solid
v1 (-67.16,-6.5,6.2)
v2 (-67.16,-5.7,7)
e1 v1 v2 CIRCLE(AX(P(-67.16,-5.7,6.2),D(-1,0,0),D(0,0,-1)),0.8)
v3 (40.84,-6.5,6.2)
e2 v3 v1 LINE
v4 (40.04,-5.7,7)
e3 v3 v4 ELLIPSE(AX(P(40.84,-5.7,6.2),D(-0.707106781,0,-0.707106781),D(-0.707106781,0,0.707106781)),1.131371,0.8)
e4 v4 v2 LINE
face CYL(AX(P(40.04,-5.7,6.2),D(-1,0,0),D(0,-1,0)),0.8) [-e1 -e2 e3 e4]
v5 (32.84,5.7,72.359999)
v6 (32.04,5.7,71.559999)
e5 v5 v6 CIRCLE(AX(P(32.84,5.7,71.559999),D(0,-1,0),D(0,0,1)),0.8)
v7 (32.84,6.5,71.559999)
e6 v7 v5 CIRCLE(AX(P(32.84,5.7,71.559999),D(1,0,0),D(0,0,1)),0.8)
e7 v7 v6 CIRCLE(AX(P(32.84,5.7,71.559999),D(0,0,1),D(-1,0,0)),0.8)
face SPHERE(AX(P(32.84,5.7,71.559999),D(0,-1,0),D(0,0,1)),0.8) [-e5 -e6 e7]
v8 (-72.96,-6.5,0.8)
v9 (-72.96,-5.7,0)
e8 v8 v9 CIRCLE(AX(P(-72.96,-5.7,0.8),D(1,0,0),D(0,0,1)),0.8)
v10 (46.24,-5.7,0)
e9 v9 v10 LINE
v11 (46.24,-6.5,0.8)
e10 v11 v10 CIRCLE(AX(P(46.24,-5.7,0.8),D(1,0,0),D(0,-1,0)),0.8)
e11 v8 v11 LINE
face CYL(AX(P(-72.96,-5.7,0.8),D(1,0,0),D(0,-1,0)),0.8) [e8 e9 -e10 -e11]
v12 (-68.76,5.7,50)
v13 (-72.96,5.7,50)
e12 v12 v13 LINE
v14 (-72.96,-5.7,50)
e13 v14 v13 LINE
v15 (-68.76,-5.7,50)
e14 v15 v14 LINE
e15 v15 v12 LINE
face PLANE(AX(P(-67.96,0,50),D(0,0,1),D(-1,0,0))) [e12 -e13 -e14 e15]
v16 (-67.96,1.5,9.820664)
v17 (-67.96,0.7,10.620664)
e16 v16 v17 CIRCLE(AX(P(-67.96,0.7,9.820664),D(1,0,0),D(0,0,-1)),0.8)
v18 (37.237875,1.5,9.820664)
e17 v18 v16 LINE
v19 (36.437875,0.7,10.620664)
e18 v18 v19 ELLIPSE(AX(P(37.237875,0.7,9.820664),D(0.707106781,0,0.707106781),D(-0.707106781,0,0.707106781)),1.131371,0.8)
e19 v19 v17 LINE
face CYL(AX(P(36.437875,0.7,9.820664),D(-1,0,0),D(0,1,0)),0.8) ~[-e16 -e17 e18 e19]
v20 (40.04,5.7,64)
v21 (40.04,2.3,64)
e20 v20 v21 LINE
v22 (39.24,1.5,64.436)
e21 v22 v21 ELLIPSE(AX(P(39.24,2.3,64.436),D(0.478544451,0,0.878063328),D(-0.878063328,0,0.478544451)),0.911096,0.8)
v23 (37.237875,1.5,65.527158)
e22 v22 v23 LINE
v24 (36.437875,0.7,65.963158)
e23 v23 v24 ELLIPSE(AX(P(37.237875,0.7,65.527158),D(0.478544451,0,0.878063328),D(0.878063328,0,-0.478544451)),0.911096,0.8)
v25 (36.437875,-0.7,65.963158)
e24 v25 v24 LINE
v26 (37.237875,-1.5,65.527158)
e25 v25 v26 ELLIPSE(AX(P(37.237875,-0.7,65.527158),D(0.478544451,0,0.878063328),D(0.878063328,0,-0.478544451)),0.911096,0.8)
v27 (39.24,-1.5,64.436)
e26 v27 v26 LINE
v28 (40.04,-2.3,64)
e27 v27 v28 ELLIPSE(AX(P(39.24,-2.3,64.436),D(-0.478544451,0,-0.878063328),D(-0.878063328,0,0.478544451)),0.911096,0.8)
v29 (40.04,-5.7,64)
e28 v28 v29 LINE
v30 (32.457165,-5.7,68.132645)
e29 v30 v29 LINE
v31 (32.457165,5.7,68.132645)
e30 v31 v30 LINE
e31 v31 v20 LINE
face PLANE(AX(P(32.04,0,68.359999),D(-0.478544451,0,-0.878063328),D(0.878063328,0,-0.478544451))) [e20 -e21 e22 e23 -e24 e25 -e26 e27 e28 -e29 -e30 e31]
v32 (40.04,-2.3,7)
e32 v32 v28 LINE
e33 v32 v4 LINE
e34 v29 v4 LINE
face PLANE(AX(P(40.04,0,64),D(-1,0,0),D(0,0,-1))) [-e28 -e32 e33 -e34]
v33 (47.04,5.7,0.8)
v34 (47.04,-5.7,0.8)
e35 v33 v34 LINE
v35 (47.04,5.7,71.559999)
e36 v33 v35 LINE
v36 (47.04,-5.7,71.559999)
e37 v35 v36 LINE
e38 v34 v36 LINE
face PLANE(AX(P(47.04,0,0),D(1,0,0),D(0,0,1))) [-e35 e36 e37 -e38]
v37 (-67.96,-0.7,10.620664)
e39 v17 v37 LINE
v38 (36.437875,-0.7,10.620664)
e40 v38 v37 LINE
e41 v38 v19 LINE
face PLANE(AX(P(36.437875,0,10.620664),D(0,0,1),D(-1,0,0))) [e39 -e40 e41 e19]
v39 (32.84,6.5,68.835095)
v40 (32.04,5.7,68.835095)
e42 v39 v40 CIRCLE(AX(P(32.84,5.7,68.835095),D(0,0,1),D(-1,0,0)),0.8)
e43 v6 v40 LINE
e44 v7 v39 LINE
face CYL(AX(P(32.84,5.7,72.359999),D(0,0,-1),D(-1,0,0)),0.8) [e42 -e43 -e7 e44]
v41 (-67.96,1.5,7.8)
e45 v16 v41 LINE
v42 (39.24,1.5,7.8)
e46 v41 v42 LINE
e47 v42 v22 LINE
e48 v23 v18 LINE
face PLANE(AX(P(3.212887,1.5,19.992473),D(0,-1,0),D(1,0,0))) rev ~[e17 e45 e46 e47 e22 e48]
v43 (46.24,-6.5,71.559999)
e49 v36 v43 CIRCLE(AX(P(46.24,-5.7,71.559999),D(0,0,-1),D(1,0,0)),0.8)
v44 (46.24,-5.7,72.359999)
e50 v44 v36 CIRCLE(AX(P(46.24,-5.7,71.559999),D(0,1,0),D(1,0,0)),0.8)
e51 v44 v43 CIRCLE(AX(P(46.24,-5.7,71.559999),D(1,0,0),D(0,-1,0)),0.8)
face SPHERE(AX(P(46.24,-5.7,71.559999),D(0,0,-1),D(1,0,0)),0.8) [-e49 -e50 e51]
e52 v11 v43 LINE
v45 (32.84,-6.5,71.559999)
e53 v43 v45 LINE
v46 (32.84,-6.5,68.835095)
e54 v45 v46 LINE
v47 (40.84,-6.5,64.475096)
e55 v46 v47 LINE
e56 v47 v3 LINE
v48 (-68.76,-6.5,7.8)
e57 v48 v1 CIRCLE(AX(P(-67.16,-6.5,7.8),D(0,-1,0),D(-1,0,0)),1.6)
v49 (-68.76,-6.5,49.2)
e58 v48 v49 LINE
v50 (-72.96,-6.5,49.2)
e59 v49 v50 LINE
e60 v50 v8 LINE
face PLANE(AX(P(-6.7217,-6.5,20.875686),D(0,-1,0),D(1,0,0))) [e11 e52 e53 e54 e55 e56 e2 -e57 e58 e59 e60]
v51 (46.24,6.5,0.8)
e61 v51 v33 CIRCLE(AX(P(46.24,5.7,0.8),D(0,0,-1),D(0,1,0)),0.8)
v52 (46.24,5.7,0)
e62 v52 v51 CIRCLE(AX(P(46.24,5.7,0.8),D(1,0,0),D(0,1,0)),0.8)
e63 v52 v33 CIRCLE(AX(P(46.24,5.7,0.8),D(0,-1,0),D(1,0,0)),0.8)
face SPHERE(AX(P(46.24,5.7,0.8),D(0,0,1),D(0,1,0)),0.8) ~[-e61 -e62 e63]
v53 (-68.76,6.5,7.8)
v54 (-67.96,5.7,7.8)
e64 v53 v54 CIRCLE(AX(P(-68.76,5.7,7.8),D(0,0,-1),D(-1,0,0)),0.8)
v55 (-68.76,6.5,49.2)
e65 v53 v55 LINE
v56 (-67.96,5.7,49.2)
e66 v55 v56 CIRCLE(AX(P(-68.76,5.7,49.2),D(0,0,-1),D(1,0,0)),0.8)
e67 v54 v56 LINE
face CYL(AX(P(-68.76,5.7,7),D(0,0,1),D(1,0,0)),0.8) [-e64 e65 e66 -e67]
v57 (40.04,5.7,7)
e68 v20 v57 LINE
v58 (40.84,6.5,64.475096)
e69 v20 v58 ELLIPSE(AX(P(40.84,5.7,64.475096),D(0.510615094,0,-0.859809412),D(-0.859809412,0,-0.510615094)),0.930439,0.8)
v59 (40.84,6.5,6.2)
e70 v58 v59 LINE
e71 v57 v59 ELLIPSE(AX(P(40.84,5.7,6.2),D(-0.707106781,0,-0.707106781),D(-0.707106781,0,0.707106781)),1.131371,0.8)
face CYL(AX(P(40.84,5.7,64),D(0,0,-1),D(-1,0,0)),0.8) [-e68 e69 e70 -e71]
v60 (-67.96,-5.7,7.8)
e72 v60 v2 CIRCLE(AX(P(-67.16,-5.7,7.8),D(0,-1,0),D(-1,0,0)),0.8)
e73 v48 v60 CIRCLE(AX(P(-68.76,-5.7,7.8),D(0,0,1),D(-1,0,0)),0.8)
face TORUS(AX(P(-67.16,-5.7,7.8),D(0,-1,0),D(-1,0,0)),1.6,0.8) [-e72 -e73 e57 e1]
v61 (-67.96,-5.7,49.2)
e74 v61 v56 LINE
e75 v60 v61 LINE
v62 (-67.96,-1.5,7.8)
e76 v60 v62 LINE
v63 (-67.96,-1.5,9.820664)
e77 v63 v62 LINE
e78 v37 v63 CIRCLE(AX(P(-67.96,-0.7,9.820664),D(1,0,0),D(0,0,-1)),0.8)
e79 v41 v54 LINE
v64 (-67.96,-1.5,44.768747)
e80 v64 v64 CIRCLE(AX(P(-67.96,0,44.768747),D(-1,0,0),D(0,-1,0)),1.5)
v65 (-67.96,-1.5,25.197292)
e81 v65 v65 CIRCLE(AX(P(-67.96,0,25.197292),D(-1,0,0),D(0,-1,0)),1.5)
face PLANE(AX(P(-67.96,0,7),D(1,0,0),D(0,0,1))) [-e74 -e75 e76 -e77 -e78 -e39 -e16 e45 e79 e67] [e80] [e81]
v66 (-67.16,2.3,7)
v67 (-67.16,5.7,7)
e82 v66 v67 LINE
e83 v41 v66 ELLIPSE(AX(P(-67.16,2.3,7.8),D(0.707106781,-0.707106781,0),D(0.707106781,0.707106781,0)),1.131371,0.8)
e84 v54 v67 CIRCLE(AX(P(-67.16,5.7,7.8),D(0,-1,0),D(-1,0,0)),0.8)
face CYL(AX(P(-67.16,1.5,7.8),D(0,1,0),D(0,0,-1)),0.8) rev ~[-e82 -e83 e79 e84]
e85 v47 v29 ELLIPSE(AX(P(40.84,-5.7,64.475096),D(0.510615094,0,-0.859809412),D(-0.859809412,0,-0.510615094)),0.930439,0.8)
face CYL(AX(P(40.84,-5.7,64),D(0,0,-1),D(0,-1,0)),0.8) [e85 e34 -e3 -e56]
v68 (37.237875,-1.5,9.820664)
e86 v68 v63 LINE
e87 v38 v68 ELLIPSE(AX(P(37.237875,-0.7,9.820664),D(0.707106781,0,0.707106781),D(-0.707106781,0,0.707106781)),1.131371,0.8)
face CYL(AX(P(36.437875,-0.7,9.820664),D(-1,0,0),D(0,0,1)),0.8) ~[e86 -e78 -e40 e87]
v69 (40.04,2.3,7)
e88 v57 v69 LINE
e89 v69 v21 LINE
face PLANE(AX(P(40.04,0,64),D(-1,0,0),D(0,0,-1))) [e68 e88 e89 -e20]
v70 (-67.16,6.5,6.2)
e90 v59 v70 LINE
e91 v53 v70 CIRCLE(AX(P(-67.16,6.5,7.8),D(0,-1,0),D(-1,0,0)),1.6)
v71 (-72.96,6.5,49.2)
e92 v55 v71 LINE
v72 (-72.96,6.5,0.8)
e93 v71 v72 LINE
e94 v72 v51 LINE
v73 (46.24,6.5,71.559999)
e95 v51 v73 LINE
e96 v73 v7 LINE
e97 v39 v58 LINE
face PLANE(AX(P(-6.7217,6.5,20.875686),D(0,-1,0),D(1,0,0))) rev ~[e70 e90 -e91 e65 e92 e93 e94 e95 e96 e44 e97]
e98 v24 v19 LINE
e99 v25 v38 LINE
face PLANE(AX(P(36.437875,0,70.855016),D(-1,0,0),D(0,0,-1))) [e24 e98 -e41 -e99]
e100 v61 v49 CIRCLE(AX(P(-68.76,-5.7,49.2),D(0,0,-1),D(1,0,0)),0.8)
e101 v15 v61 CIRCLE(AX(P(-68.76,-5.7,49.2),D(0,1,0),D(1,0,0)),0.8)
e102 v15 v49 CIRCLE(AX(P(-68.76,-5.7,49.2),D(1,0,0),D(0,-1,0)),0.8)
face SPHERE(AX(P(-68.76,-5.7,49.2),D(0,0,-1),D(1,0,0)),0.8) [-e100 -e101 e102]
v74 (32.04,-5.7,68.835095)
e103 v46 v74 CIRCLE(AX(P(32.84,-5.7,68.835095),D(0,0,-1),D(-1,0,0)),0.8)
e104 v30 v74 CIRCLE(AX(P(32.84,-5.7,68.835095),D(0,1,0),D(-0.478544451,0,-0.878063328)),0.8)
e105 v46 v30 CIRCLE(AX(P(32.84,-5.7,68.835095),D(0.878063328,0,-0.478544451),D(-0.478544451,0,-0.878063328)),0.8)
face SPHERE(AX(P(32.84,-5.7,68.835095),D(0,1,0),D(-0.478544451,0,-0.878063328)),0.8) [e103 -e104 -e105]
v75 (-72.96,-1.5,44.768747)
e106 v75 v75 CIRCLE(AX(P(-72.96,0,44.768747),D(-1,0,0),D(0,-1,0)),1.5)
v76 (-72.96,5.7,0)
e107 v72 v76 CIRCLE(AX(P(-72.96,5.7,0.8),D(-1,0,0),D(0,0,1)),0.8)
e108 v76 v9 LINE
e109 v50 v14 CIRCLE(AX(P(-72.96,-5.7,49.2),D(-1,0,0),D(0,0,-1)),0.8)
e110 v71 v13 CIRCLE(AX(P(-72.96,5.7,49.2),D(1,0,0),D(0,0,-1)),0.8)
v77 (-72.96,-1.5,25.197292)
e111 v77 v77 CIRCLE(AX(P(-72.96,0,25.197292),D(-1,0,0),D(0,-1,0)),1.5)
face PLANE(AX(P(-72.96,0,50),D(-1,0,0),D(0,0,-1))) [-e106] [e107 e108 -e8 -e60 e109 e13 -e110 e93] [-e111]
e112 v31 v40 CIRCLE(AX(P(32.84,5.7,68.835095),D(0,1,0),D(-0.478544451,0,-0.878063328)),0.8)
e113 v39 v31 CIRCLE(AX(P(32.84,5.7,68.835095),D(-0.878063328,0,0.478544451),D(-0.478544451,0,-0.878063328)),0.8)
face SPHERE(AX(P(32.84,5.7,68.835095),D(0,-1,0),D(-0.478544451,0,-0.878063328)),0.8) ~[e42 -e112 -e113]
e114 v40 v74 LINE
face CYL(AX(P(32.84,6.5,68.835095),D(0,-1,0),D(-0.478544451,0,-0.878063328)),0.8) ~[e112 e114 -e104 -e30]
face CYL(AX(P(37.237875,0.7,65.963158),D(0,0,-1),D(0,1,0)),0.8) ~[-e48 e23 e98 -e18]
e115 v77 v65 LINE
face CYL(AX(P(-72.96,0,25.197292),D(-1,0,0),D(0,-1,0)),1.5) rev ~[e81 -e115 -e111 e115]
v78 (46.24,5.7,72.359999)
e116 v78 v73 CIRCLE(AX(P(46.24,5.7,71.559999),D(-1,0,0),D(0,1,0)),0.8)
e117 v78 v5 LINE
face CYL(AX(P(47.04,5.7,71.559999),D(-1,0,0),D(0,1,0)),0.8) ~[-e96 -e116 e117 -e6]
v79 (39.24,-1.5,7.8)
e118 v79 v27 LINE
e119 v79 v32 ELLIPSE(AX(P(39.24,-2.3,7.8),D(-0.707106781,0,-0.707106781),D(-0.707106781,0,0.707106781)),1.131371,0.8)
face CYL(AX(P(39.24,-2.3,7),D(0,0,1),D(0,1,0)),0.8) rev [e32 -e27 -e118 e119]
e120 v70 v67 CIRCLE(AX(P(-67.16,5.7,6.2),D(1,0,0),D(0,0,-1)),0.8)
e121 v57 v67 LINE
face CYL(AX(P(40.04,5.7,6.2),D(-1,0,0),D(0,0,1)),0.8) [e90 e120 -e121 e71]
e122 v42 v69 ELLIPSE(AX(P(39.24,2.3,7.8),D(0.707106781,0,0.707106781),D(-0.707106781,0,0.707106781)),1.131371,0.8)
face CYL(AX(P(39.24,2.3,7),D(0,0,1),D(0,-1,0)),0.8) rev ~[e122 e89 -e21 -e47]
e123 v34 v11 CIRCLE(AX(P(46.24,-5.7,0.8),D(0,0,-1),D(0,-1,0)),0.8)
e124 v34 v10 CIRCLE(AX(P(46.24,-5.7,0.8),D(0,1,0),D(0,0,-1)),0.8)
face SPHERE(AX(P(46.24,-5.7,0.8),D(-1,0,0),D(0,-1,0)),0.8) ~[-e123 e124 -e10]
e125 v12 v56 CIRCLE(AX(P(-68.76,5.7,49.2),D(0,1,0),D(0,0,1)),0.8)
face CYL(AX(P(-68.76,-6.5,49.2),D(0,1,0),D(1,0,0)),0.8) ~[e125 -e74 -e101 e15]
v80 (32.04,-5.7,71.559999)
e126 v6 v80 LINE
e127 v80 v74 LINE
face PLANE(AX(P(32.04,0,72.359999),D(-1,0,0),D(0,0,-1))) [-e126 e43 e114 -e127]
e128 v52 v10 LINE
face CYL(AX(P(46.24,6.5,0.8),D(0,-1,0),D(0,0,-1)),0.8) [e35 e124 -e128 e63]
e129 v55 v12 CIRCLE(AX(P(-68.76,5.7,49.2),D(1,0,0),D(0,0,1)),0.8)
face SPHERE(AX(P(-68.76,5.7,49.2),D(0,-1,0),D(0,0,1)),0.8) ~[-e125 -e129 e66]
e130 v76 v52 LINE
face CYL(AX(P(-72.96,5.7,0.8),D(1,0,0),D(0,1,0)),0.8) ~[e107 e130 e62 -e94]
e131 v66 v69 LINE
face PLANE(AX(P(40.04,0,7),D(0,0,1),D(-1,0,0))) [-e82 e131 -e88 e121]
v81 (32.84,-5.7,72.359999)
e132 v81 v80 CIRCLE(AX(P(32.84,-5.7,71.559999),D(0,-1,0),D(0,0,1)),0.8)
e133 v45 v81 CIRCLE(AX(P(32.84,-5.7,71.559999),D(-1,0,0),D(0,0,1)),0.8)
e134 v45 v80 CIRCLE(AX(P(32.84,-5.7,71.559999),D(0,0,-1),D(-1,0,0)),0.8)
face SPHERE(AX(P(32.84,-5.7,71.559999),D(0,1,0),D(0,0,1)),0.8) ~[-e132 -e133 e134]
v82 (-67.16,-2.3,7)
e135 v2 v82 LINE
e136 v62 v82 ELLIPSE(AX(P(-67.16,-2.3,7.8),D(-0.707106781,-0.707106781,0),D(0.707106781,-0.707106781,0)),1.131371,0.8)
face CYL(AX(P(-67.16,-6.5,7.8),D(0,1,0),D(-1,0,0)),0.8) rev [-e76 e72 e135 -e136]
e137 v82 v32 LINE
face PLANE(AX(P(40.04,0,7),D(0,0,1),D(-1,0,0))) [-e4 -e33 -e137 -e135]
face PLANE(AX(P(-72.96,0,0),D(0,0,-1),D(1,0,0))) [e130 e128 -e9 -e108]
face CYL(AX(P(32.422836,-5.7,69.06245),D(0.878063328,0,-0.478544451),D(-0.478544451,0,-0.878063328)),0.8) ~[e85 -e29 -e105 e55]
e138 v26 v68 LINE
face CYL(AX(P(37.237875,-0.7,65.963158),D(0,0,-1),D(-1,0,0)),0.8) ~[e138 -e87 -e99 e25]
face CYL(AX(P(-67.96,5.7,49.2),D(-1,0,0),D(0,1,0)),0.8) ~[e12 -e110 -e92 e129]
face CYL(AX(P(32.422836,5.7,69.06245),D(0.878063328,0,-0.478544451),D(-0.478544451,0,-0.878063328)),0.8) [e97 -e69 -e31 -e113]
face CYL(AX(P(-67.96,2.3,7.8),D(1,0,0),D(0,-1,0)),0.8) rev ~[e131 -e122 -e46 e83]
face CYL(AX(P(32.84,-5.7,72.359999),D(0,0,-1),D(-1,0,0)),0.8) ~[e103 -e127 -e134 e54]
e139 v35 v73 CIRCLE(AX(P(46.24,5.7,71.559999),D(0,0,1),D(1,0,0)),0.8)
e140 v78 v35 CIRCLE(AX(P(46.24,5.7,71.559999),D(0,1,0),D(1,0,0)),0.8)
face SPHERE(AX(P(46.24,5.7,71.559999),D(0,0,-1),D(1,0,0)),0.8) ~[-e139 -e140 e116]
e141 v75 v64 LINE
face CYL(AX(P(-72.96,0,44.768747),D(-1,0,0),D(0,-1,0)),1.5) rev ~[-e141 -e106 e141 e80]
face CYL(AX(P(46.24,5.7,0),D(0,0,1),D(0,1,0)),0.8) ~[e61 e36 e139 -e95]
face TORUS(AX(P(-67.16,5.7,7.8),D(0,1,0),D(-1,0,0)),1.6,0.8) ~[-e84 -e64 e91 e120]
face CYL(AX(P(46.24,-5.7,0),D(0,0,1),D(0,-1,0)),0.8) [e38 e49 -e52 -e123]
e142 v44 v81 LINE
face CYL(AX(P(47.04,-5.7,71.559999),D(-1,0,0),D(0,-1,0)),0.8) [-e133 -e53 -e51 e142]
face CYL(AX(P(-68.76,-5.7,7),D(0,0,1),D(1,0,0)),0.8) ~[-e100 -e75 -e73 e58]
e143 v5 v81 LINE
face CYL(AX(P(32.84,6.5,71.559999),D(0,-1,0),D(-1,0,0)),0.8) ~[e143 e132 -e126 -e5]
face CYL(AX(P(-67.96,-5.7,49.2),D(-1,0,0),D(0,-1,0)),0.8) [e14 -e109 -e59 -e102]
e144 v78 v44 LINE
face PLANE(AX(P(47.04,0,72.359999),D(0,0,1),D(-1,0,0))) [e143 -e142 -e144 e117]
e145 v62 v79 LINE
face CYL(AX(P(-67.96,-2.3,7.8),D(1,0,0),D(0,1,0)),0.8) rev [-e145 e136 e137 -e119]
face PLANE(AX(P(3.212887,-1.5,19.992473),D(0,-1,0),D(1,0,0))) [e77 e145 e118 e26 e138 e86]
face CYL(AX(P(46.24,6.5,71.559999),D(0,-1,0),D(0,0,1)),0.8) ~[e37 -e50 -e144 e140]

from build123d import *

# Parameters (mm, degrees)
F1_DEPTH = 6.5
F2_R     = 1.5
F3_DEPTH = 25
F5_DEPTH = 1.5
F6_R     = 0.8


with BuildPart() as f1:
    # F0 (on Front) → F1 (new body, symmetric)
    with BuildSketch(Plane.XZ):
        Polygon((-72.959999821, 50), (-72.959999821, 0), (47.040000179, 0), (47.040000179, 72.3599994255), (32.040000179, 72.3599994255), (32.040000179, 68.3599994255), (40.040000179, 64), (40.040000179, 7), (-67.959999821, 7), (-67.959999821, 50), align=None)
    extrude(amount=F1_DEPTH, both=True)

    # F2 (on face) → F3 (cut)
    with BuildSketch(Plane(origin=(-72.959999821, 0, 0), x_dir=(0, -1, 0), z_dir=(-1, 0, 0))):
        with Locations((0, 25.1972917467)):
            Circle(F2_R)
        with Locations((0, 44.7687469423)):
            Circle(F2_R)
    extrude(amount=-F3_DEPTH, mode=Mode.SUBTRACT)

    # F4 (on Front) → F5 (join, symmetric)
    with BuildSketch(Plane.XZ):
        Polygon((-71.5028345585, 10.6206643313), (-71.5028345585, 7.5510139577), (-71.5028345585, 5.6206643313), (41.4378745708, 5.6206643313), (41.4378745708, 70.8550155432), (36.4378745708, 70.8550155432), (36.4378745708, 10.6206643313), align=None)
    extrude(amount=F5_DEPTH, both=True)

    # F6
    f6_edges = [f1.edges().sort_by_distance(p)[0] for p in [
        (-67.96, -6.5, 28.5),
        (-67.96, 0, 50),
        (-70.46, 6.5, 50),
        (-70.46, -6.5, 50),
        (-67.96, 6.5, 28.5),
        (-13.96, 6.5, 7),
        (-15.761063, 1.5, 10.620664),
        (-15.761063, -1.5, 10.620664),
        (-13.96, -6.5, 7),
        (40.04, -6.5, 35.5),
        (36.437875, -1.5, 38.291911),
        (36.437875, 1.5, 38.291911),
        (40.04, 6.5, 35.5),
        (47.04, 6.5, 36.18),
        (-12.96, 6.5, 0),
        (-12.96, -6.5, 0),
        (47.04, -6.5, 36.18),
        (47.04, 0, 72.359999),
        (32.04, 0, 72.359999),
        (39.54, 6.5, 72.359999),
        (39.54, -6.5, 72.359999),
        (32.04, 0, 68.359999),
        (36.04, -6.5, 66.18),
        (36.04, 6.5, 66.18),
        (40.04, 1.5, 35.5),
        (40.04, -1.5, 35.5),
        (32.04, -6.5, 70.359999),
        (32.04, 6.5, 70.359999),
        (-13.96, -1.5, 7),
        (-13.96, 1.5, 7),
        (47.04, 0, 0),
        (-67.96, -4, 7),
        (-67.96, 4, 7),
    ]]
    fillet(f6_edges, radius=F6_R)


solid = f1.part
